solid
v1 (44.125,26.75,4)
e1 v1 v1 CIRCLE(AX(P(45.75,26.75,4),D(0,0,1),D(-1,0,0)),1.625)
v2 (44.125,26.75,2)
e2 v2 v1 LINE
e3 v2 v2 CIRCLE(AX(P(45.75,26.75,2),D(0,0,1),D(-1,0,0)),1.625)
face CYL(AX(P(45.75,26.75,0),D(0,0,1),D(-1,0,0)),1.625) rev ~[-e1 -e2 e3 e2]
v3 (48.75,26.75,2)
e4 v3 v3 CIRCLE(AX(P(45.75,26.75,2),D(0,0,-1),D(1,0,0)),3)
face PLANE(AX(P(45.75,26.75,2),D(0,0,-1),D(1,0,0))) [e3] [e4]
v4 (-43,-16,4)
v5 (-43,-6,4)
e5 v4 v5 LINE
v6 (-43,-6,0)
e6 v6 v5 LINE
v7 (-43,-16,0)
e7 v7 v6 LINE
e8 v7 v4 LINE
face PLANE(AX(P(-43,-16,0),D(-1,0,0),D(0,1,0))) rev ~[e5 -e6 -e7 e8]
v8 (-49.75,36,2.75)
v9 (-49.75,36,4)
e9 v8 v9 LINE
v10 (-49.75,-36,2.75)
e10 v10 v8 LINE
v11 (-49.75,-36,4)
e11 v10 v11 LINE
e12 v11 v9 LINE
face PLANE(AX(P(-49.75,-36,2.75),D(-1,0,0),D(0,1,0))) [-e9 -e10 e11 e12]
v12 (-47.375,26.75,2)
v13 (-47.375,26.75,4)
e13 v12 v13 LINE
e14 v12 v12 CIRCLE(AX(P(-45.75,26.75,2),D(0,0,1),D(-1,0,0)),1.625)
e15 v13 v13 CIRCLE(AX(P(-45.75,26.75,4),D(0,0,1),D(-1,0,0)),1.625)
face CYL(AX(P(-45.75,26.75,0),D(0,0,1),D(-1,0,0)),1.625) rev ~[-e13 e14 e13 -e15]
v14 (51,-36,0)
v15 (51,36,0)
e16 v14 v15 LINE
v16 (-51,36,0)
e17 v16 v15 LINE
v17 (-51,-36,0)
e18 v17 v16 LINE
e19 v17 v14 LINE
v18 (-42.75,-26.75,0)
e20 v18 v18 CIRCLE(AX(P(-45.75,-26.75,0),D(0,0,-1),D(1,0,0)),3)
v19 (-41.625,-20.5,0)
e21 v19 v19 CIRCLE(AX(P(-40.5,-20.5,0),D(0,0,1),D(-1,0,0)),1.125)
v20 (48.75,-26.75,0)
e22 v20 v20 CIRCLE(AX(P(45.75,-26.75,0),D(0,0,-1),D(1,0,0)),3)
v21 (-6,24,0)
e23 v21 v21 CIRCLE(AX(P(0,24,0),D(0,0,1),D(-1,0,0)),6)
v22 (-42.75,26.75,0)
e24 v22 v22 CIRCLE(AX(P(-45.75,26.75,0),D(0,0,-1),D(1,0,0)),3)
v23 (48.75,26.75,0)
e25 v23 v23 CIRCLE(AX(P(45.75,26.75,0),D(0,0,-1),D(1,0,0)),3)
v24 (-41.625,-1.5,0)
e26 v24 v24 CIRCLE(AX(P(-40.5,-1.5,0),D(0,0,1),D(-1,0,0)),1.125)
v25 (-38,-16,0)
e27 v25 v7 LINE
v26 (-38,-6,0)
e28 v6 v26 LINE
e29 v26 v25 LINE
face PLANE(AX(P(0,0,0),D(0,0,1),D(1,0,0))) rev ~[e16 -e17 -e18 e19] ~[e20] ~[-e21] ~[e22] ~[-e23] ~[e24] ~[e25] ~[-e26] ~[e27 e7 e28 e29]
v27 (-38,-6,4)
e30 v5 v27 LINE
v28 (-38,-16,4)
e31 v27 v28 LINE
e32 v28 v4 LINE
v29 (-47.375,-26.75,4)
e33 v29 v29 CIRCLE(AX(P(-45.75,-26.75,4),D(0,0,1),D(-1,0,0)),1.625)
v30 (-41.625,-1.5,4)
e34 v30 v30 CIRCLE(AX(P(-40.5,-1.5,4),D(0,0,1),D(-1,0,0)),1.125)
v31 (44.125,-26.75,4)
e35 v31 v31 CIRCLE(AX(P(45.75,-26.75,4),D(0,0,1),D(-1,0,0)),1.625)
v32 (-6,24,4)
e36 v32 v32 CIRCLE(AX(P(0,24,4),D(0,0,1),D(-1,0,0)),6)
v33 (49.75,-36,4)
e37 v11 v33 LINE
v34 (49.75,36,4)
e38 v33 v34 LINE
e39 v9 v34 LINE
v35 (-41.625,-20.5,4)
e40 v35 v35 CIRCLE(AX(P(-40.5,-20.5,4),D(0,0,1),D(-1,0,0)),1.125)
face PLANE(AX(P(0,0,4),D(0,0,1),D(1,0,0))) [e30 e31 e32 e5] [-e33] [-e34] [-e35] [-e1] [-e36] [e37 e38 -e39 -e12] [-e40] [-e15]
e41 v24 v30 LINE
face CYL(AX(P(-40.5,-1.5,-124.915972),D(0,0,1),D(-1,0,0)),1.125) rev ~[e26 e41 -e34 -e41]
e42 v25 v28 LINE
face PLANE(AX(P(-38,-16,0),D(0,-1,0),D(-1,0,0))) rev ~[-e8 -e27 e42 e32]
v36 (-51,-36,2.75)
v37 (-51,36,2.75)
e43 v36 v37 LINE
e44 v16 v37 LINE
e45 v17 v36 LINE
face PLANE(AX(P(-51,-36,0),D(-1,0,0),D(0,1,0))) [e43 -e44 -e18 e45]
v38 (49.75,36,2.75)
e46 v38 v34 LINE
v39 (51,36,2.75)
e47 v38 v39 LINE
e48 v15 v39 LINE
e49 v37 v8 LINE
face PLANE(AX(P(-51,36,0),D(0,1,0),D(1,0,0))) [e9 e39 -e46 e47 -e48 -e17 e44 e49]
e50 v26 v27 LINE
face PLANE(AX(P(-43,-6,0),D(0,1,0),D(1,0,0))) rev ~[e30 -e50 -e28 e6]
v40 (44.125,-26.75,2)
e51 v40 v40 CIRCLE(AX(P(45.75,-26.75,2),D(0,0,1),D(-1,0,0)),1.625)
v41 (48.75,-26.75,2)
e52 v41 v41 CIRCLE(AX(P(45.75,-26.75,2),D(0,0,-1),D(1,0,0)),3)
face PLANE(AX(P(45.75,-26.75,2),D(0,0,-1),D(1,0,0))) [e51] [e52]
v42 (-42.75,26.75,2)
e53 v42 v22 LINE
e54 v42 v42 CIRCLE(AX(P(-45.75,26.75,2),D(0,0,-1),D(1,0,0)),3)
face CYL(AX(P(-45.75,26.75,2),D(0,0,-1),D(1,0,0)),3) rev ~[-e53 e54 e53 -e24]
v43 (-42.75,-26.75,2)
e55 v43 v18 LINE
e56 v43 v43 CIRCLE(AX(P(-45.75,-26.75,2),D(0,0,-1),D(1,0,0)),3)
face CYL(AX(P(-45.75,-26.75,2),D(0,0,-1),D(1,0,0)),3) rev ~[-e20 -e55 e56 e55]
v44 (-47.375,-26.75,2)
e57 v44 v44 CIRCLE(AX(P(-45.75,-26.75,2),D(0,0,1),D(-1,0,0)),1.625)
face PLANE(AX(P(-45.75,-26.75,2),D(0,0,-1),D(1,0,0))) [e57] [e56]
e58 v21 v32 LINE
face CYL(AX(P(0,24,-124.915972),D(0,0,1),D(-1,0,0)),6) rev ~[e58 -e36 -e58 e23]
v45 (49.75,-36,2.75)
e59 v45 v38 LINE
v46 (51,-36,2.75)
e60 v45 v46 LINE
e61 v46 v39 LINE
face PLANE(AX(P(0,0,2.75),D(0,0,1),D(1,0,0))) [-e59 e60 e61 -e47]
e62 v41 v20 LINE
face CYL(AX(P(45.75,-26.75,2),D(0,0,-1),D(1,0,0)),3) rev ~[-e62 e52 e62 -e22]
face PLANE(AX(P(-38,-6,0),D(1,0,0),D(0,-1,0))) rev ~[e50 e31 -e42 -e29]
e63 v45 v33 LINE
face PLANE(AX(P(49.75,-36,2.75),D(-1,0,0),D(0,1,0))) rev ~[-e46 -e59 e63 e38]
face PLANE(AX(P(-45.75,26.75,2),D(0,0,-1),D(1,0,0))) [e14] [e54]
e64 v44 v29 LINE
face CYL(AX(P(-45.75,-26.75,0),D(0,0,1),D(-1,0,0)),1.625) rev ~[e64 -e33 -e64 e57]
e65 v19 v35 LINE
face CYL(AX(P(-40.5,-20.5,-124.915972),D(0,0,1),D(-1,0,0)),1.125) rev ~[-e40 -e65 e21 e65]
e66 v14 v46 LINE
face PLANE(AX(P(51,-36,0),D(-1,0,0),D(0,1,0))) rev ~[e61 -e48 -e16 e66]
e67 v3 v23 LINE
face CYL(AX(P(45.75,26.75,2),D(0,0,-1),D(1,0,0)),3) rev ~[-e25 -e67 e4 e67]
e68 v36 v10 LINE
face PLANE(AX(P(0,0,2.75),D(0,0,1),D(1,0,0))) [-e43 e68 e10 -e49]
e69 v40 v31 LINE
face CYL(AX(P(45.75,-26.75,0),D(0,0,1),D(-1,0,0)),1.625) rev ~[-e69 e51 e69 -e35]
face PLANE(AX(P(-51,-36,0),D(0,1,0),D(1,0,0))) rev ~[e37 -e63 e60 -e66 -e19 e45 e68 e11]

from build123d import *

# Parameters (mm, degrees)
F0_W           = 102
F0_H           = 72
F1_DEPTH       = 2.75
F2_W           = 99.5
F2_H           = 72
F3_DEPTH       = 1.25
F5_D           = 3.25
F5_DEPTH       = 8
F5_CBORE_D     = 6
F5_CBORE_DEPTH = 2
F7_DEPTH       = 4
F9_D           = 2.25
F11_D          = 12


with BuildPart() as f1:
    # F0 (on Top) → F1 (new body)
    with BuildSketch(Plane.XY):
        Rectangle(F0_W, F0_H)
    extrude(amount=F1_DEPTH)

    # F2 (on face) → F3 (join)
    with BuildSketch(Plane.XY.offset(2.75)):
        Rectangle(F2_W, F2_H)
    extrude(amount=F3_DEPTH)

    # F5
    with Locations(Plane(origin=(0, 0, 0), x_dir=(1, 0, 0), z_dir=(0, 0, -1))):
        with Locations((-45.75, 26.75), (45.75, 26.75), (45.75, -26.75), (-45.75, -26.75)):
            CounterBoreHole(F5_D / 2, F5_CBORE_D / 2, F5_CBORE_DEPTH, depth=F5_DEPTH)

    # F6 (on face) → F7 (cut)
    with BuildSketch(Plane(origin=(0, 0, 0), x_dir=(1, 0, 0), z_dir=(0, 0, -1))):
        Polygon((-40.5, 16), (-43, 16), (-43, 6), (-40.5, 6), (-38, 6), (-38, 11), (-38, 16), align=None)
    extrude(amount=-F7_DEPTH, mode=Mode.SUBTRACT)

    # F9 (through all)
    with Locations(Plane(origin=(0, 0, 0), x_dir=(1, 0, 0), z_dir=(0, 0, -1))):
        with Locations((-40.5, 20.5), (-40.5, 1.5)):
            Hole(F9_D / 2)

    # F11 (through all)
    with Locations(Plane(origin=(0, 0, 0), x_dir=(1, 0, 0), z_dir=(0, 0, -1))):
        with Locations((0, -24)):
            Hole(F11_D / 2)


solid = f1.part
